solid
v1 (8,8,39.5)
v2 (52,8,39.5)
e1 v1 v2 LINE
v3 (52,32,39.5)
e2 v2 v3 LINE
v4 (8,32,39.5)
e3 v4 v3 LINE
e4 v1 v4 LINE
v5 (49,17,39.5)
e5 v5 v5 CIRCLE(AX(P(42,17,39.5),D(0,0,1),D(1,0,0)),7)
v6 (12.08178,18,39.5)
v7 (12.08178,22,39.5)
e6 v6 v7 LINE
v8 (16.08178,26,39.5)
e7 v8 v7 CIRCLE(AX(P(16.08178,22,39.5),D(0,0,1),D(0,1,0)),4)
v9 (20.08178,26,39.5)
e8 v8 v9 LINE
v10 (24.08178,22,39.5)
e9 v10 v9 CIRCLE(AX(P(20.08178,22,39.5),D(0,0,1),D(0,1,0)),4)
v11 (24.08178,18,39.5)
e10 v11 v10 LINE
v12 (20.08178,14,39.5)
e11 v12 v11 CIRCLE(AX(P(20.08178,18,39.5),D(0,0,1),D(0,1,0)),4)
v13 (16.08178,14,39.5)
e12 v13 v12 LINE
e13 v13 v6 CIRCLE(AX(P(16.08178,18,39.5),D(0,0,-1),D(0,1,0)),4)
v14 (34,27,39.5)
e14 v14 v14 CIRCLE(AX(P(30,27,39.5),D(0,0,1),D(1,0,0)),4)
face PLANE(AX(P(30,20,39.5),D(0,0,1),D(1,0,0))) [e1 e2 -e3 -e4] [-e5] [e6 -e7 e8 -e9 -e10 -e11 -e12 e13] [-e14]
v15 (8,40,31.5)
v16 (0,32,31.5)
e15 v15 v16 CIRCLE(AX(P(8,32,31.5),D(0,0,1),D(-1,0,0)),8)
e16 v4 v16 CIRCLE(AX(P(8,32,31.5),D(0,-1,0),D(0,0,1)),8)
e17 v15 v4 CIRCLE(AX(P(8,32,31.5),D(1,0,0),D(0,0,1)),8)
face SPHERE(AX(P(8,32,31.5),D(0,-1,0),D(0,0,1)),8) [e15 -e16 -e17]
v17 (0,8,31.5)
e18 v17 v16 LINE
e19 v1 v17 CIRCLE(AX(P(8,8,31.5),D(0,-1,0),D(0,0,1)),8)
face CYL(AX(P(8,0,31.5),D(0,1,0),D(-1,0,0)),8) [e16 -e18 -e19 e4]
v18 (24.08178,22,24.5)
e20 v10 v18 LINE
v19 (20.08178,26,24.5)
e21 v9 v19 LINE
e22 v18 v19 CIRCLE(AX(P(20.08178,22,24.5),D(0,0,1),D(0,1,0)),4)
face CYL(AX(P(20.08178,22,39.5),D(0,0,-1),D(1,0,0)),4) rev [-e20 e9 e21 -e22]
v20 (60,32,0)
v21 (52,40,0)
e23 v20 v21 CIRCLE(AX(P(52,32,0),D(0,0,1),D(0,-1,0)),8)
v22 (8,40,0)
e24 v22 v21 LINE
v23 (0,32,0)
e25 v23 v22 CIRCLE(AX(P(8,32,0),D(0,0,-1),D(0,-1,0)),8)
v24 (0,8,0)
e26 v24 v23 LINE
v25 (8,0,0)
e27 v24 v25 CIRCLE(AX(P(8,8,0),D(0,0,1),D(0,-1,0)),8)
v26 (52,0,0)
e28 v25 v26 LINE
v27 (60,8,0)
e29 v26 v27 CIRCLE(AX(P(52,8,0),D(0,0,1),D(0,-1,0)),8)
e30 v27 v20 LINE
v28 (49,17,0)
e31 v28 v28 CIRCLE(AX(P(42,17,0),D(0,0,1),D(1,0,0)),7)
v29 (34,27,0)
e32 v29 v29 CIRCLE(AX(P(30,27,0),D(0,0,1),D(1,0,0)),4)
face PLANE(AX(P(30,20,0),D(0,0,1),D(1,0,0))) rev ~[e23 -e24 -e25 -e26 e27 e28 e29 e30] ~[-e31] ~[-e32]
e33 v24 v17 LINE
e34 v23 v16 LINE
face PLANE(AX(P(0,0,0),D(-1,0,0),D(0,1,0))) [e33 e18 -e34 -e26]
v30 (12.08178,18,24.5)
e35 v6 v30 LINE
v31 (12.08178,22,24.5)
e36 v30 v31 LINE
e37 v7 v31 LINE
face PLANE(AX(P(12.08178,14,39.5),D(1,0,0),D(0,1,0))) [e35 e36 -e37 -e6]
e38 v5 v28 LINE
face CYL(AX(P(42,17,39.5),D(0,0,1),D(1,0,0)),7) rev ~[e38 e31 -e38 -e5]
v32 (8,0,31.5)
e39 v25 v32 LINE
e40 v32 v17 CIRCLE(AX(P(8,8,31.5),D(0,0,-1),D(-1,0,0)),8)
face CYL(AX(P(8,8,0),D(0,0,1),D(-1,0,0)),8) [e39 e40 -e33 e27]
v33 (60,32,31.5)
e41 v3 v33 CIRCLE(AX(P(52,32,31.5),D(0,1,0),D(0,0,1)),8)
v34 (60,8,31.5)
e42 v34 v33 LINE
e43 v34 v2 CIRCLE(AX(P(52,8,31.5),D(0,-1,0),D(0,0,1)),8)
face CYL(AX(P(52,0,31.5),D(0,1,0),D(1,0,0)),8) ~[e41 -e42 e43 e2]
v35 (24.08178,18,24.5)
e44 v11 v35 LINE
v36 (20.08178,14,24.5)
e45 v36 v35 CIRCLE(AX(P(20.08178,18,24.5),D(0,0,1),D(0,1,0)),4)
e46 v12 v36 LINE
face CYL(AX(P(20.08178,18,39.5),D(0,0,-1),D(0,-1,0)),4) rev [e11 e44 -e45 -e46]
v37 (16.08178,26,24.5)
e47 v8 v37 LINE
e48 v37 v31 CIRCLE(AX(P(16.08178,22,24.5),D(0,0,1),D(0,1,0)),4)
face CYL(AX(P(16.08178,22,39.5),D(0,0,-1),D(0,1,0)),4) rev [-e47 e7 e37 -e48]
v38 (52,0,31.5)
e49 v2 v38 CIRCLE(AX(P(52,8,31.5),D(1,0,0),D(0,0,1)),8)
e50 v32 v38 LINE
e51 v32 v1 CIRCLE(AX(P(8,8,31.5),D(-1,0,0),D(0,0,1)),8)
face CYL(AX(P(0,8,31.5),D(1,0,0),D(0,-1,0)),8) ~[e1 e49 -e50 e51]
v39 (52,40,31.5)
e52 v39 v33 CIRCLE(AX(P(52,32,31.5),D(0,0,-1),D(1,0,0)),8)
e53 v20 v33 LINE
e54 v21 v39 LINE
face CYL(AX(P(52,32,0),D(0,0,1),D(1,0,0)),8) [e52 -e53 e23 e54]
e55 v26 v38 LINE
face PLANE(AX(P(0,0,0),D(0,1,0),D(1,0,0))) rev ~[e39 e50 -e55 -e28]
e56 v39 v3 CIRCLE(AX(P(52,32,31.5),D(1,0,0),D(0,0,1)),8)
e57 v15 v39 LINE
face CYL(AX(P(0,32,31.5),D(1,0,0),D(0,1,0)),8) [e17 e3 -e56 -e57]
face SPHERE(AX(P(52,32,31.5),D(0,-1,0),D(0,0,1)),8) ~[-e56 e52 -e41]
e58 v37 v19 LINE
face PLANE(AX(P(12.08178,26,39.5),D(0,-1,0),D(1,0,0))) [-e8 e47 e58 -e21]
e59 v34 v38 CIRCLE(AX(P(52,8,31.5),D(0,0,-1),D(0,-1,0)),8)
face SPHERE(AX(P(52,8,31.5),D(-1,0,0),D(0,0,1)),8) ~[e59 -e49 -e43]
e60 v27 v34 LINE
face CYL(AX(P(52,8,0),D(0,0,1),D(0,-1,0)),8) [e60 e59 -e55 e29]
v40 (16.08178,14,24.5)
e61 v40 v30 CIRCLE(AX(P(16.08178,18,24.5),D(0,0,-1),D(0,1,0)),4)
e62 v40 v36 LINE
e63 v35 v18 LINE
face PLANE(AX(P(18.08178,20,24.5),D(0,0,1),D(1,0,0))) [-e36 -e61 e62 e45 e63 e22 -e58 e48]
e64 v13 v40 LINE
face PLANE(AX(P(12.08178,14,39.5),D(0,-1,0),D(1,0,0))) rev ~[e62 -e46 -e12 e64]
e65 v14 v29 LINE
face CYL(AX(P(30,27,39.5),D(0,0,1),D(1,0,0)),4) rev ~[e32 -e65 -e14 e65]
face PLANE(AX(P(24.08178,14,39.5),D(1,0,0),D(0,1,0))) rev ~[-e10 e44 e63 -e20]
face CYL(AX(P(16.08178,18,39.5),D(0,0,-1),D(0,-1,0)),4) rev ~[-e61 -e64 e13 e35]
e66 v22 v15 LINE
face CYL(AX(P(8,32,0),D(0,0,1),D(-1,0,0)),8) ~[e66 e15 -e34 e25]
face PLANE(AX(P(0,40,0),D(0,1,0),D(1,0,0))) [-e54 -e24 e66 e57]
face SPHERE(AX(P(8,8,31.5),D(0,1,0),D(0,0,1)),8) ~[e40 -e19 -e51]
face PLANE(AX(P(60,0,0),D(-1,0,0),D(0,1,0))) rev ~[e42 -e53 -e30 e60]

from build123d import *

# Parameters (mm, degrees)
F0_W     = 60
F0_H     = 40
F1_DEPTH = 39.5
F2_R     = 8
F3_W     = 12
F3_H     = 12
F4_DEPTH = 15
F5_R     = 4
F6_R     = 4
F6_R_2   = 7
F7_DEPTH = 39.501


with BuildPart() as f1:
    # F0 (on Top) → F1 (new body)
    with BuildSketch(Plane.XY):
        with Locations((30, 20)):
            Rectangle(F0_W, F0_H)
    extrude(amount=F1_DEPTH)

    # F2
    f2_edges = [f1.edges().sort_by_distance(p)[0] for p in [
        (0, 20, 39.5),
        (30, 0, 39.5),
        (60, 20, 39.5),
        (30, 40, 39.5),
        (60, 0, 19.75),
        (60, 40, 19.75),
        (0, 0, 19.75),
        (0, 40, 19.75),
    ]]
    fillet(f2_edges, radius=F2_R)

    # F3 (on face) → F4 (cut)
    with BuildSketch(Plane.XY.offset(39.5)):
        with Locations((18.08178, 20)):
            Rectangle(F3_W, F3_H)
    extrude(amount=-F4_DEPTH, mode=Mode.SUBTRACT)

    # F5
    f5_edges = [f1.edges().sort_by_distance(p)[0] for p in [
        (12.08178, 26, 32),
        (12.08178, 14, 32),
        (24.08178, 26, 32),
        (24.08178, 14, 32),
    ]]
    fillet(f5_edges, radius=F5_R)

    # F6 (on face) → F7 (cut, through all)
    with BuildSketch(Plane.XY.offset(39.5)):
        with Locations((30, 27)):
            Circle(F6_R)
        with Locations((42, 17)):
            Circle(F6_R_2)
    extrude(amount=-F7_DEPTH, mode=Mode.SUBTRACT)


solid = f1.part
